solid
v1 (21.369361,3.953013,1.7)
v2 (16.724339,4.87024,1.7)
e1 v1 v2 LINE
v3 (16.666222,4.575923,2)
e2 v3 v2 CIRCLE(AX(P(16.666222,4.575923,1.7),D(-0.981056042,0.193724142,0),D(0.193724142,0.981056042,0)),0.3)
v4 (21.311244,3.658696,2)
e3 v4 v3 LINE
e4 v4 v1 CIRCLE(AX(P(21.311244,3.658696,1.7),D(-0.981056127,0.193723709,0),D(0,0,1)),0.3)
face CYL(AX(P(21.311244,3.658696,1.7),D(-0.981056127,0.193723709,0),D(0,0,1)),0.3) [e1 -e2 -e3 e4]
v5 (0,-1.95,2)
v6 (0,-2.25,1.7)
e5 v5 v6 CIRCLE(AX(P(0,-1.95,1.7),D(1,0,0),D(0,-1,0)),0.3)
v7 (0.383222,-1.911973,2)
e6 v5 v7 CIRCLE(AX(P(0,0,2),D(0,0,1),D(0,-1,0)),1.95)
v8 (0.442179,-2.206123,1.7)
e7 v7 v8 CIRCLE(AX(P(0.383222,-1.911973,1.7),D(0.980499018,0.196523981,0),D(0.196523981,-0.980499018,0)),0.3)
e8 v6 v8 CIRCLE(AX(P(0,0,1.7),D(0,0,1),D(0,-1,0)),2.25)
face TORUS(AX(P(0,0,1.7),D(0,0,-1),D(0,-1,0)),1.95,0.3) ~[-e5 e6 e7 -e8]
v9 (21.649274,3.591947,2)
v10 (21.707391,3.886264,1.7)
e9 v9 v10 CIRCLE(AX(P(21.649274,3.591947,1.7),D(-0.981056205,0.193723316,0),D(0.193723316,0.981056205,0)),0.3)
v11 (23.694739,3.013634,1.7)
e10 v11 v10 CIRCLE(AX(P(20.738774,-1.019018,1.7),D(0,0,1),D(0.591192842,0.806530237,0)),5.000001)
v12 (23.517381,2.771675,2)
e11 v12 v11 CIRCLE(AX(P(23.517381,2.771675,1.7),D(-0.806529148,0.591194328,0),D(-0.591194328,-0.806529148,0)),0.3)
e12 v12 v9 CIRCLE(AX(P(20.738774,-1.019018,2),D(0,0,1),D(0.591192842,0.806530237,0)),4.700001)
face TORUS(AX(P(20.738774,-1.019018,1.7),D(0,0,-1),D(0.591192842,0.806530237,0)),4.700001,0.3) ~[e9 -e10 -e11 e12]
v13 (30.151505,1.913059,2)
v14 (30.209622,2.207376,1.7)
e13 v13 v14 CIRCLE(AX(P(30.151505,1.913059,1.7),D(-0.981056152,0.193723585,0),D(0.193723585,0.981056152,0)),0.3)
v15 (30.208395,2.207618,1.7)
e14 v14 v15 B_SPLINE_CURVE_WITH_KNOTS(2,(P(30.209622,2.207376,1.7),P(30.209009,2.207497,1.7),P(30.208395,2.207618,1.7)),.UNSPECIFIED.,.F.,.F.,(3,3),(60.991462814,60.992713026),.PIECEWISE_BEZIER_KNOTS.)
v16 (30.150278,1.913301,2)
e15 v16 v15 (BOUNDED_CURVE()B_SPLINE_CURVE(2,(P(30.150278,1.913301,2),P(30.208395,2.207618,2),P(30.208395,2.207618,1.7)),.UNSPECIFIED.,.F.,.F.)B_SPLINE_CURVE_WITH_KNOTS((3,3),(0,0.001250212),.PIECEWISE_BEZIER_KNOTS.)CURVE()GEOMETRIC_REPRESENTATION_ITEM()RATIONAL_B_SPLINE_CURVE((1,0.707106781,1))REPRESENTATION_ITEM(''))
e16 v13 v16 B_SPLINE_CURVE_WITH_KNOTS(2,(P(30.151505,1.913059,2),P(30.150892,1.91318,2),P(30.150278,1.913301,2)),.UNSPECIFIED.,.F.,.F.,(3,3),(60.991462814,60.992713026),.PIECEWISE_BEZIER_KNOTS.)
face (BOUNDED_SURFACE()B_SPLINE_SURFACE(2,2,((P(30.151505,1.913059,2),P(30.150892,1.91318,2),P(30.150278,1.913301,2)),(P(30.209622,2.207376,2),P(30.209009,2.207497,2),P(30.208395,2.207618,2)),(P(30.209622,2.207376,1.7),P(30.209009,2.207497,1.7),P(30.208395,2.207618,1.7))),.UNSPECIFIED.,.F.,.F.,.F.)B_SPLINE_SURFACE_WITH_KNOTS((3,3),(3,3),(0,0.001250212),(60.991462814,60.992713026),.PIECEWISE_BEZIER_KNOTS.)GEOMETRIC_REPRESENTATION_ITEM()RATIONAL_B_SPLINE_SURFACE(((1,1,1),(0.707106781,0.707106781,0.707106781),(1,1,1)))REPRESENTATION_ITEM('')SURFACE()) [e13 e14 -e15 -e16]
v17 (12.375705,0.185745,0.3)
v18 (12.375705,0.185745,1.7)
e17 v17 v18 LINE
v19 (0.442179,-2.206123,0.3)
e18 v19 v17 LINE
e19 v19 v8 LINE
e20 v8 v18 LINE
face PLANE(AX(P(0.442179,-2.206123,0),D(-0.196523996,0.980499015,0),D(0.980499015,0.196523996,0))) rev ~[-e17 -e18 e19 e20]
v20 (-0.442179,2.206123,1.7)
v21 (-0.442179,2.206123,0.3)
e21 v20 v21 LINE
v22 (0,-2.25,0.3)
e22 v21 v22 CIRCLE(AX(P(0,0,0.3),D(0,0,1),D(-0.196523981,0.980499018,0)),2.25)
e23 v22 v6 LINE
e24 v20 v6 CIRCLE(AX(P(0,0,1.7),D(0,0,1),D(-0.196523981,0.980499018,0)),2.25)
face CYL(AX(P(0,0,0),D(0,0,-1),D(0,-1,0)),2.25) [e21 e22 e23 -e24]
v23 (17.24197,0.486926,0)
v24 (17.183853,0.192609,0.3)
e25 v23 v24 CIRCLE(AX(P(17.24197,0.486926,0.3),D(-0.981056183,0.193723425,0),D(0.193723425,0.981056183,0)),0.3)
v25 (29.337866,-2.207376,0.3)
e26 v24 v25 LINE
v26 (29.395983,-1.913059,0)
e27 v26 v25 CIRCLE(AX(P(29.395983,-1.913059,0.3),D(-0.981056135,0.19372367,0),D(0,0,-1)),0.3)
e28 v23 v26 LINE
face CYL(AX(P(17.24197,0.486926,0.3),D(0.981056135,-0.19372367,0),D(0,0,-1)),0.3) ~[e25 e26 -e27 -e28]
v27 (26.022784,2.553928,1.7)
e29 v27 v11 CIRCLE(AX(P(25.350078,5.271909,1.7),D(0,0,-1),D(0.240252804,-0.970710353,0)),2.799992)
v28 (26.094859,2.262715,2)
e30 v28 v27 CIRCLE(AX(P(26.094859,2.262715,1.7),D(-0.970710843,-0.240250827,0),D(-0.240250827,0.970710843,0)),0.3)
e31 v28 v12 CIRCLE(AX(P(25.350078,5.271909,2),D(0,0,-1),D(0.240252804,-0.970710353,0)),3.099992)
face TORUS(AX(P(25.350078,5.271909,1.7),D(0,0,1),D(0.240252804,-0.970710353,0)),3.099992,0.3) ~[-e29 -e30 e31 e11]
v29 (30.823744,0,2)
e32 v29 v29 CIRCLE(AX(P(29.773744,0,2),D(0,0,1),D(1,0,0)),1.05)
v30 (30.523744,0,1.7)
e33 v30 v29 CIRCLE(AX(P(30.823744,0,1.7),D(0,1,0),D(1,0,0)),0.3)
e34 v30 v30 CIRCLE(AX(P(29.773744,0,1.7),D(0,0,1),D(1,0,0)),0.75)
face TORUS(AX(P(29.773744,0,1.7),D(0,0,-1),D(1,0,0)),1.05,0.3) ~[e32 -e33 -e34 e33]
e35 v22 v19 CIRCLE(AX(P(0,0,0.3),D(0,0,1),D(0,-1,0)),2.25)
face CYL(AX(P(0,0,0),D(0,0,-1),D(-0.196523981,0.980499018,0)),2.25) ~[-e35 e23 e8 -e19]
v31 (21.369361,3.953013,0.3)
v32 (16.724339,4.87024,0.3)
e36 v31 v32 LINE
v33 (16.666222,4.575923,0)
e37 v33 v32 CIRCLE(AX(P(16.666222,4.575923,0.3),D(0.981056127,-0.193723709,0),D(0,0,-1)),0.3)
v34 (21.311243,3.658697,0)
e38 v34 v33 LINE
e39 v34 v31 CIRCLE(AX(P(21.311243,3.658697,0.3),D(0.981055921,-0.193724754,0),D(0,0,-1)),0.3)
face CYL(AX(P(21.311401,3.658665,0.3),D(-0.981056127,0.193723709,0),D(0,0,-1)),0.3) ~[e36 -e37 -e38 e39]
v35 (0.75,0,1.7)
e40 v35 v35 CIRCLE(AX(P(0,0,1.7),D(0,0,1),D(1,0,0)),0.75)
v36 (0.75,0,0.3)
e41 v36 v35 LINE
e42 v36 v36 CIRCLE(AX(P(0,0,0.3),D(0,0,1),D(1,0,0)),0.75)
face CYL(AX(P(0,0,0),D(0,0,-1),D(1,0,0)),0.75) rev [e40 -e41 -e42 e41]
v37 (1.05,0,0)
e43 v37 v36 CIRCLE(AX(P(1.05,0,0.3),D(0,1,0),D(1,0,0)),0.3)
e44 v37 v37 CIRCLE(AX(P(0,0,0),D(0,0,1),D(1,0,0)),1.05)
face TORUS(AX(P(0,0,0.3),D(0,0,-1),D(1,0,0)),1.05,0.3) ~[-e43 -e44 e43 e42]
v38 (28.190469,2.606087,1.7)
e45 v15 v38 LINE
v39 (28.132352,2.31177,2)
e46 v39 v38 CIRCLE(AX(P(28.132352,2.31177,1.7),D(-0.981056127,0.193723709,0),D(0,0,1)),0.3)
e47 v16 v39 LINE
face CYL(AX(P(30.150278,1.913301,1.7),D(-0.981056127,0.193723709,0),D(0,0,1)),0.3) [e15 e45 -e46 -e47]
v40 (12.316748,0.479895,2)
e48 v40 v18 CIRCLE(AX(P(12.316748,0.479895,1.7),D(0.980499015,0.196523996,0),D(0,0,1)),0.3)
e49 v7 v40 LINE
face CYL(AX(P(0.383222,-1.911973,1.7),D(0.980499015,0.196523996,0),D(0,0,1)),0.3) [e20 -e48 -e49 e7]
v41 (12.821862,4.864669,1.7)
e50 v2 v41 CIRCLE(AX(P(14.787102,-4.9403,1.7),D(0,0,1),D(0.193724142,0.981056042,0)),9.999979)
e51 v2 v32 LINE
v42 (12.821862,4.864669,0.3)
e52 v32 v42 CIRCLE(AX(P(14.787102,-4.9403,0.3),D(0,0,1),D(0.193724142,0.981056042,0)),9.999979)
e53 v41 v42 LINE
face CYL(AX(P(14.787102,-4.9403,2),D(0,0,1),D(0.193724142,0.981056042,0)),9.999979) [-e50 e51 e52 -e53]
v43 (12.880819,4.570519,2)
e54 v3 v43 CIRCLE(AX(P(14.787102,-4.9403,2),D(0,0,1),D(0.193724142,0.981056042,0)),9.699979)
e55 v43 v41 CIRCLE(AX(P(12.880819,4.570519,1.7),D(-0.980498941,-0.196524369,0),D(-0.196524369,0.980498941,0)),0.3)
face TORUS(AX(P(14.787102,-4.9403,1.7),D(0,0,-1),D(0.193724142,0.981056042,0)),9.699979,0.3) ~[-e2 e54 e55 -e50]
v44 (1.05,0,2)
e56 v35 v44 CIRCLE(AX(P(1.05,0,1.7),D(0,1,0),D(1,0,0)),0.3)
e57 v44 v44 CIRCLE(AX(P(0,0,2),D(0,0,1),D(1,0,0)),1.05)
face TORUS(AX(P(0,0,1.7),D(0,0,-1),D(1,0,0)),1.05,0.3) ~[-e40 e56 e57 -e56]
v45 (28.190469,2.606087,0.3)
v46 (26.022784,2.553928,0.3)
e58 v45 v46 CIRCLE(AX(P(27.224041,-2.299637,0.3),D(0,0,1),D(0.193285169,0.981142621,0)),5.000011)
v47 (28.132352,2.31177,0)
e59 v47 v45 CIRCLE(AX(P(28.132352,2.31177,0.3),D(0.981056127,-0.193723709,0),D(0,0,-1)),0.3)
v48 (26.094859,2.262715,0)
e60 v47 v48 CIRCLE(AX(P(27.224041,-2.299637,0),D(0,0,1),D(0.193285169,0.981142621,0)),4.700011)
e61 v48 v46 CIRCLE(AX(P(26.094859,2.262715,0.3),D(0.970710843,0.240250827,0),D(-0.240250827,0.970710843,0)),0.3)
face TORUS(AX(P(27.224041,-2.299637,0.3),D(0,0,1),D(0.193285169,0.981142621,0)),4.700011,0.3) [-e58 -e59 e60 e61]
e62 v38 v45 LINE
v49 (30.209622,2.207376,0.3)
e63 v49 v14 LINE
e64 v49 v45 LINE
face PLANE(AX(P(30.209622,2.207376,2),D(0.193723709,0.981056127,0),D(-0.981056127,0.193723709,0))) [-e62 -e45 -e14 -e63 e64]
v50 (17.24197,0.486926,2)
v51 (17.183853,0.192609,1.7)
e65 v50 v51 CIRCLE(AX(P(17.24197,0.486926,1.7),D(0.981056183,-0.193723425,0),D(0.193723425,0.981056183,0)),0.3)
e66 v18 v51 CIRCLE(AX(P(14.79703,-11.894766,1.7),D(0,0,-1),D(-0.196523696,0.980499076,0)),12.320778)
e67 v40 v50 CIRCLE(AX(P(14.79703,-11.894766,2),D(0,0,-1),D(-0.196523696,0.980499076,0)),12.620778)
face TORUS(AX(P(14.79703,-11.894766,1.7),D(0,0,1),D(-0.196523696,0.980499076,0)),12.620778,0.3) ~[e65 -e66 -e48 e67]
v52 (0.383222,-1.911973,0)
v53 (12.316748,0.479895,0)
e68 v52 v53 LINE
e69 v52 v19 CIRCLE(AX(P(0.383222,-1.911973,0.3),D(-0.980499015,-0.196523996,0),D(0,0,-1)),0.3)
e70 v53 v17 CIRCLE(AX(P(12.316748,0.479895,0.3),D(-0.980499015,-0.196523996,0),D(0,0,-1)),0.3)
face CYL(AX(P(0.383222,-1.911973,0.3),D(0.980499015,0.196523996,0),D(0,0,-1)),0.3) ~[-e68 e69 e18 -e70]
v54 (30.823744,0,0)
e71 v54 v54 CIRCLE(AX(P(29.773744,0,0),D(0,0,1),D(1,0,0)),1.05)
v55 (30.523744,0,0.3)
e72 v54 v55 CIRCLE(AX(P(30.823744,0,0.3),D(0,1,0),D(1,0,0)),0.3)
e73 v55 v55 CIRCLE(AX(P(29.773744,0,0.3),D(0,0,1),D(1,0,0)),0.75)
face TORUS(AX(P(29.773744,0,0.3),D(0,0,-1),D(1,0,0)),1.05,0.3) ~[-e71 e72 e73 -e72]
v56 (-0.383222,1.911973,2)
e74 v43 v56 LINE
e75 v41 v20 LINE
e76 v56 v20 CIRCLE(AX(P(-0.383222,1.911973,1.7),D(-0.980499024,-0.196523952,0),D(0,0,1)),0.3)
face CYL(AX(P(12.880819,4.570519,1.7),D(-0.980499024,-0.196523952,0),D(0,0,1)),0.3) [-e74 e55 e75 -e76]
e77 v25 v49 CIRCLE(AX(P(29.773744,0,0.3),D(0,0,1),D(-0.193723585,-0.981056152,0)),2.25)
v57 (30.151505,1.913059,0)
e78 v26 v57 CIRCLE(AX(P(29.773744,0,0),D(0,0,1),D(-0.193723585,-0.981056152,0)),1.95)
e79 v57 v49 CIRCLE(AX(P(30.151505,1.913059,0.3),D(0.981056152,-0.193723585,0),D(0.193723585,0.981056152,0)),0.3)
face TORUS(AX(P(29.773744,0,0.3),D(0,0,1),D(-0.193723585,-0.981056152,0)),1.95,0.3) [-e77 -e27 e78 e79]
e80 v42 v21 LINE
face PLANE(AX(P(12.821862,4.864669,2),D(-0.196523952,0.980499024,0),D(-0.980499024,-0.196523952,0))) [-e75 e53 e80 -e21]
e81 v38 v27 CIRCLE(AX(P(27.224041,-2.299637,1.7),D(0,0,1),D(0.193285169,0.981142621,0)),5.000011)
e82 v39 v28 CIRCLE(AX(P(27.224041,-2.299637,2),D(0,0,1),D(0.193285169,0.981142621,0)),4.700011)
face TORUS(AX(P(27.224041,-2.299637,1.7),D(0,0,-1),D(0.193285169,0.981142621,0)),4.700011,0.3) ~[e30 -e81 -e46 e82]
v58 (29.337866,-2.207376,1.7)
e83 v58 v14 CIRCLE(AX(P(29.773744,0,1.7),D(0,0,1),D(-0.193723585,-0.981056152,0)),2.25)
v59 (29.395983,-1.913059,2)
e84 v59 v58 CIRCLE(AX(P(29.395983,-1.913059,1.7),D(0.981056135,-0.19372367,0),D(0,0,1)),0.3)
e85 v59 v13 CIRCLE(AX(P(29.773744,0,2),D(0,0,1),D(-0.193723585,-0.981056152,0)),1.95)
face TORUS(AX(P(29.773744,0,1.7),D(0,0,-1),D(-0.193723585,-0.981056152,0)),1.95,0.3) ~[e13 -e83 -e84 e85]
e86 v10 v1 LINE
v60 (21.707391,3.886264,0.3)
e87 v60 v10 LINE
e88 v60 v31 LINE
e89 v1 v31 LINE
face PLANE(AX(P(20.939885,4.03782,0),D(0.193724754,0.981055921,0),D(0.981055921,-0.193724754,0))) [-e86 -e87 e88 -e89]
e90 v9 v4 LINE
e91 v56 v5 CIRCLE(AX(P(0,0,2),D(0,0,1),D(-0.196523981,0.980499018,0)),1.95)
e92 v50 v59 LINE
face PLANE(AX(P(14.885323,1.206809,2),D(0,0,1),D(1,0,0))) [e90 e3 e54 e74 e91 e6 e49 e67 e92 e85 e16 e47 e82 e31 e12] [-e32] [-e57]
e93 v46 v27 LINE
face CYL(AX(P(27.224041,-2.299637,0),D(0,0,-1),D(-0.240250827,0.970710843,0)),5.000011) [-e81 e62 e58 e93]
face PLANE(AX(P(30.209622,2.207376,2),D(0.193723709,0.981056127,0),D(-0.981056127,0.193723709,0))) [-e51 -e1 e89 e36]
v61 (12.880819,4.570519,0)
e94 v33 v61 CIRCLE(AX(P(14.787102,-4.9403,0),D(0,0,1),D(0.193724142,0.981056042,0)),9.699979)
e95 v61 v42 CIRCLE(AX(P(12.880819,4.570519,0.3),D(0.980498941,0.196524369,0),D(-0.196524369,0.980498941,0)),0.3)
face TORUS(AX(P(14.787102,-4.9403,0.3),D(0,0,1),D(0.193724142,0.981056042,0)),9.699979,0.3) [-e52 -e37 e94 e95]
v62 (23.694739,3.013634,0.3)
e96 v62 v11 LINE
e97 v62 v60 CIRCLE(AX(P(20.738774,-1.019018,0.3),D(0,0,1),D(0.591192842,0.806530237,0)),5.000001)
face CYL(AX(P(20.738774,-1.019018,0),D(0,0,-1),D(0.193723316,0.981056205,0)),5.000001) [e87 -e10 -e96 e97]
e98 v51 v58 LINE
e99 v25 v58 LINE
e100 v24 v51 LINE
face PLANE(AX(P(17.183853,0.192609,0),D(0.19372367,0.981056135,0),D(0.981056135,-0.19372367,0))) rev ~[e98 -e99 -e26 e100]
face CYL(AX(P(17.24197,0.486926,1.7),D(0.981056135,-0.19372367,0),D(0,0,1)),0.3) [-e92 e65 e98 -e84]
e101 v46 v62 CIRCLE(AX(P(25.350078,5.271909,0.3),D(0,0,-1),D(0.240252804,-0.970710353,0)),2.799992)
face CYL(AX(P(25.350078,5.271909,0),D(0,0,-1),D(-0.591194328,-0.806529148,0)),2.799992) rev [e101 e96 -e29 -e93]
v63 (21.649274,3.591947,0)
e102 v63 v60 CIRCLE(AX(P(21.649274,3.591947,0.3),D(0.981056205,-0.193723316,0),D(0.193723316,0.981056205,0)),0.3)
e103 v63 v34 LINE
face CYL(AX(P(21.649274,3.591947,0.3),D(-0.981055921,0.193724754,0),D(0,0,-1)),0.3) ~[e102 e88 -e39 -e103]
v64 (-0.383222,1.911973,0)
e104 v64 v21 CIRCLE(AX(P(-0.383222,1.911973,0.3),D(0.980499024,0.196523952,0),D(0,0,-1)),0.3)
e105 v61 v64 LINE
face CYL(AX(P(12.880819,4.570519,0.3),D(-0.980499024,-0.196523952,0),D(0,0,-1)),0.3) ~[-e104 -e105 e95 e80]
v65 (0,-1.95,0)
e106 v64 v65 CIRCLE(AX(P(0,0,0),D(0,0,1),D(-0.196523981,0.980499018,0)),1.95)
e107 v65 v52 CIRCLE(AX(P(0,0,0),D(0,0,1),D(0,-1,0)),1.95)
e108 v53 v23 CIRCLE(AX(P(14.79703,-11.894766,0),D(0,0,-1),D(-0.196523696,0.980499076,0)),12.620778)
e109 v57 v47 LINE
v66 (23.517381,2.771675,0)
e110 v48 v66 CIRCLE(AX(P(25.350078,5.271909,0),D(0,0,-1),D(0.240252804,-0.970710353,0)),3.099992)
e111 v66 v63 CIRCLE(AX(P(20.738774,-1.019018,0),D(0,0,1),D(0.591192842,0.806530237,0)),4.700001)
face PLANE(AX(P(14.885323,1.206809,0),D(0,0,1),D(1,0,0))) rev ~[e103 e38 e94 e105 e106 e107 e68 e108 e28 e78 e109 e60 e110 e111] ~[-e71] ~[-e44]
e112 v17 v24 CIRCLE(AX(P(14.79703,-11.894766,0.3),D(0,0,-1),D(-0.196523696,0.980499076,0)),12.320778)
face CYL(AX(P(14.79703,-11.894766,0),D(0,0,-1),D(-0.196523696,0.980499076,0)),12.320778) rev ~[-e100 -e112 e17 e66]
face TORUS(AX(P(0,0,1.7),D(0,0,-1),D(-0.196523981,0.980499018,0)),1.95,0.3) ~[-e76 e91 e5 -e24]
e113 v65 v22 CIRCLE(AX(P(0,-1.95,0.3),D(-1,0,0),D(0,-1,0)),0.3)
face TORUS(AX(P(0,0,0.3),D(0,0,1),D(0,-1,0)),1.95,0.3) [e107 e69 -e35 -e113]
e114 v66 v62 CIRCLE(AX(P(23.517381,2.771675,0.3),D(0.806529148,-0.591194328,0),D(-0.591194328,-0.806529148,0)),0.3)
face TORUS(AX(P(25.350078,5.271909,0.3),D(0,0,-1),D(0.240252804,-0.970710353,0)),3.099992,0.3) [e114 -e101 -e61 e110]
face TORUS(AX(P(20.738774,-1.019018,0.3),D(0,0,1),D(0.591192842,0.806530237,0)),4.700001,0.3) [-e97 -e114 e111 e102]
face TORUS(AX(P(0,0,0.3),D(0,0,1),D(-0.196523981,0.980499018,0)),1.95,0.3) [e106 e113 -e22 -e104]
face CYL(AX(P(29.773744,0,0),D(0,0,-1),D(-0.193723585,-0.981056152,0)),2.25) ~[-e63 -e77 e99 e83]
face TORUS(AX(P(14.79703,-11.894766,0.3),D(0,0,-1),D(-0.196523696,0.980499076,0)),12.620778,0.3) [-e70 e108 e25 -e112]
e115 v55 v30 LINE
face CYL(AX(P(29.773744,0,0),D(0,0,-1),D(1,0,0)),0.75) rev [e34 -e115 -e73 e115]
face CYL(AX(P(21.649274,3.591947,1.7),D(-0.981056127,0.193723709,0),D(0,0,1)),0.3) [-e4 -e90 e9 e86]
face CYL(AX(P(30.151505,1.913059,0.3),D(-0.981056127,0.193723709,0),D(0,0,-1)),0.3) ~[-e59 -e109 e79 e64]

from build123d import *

# Parameters (mm, degrees)
SKETCH1_R               = 0.75
BOSS_EXTRUDE1_DEPTH     = 2
SKETCH3_OUTSIDE_W       = 43.2
SKETCH3_OUTSIDE_H       = 13.426
CUT_EXTRUDE4_DEPTH      = 3
SKETCH4_R               = 0.75
BOSS_EXTRUDE2_DEPTH     = 2
CUT_EXTRUDE6_DEPTH      = 3
CUT_EXTRUDE6_DEPTH_BACK = 1
FILLET1_R               = 0.3


with BuildPart() as part:
    # Sketch1 → Boss-Extrude1 (new body)
    with BuildSketch(Plane.XY):
        with BuildLine():
            Line((0, 2.25), (29.773744, 2.25))
            ThreePointArc((29.773744, 2.25), (32.023744, 0), (29.773744, -2.25))
            Line((29.773744, -2.25), (0, -2.25))
            ThreePointArc((0, -2.25), (-2.25, 0), (0, 2.25))
        make_face()
        Circle(SKETCH1_R, mode=Mode.SUBTRACT)
        with Locations((29.773744, 0)):
            Circle(SKETCH1_R, mode=Mode.SUBTRACT)
    extrude(amount=BOSS_EXTRUDE1_DEPTH)

    # Sketch3 outside → Cut-Extrude4 (cut, through all)
    with BuildSketch(Plane.XY):
        with Locations((14.887, 0)):
            Rectangle(SKETCH3_OUTSIDE_W, SKETCH3_OUTSIDE_H)
        with BuildLine():
            Line((0.442179, -2.206123), (12.375705, 0.185745))
            ThreePointArc((12.375705, 0.185745), (14.779441, 0.425999), (17.183853, 0.192609))
            Line((17.183853, 0.192609), (29.337866, -2.207376))
            ThreePointArc((29.337866, -2.207376), (31.98112, -0.435878), (30.209622, 2.207376))
            Line((30.209622, 2.207376), (16.724339, 4.87024))
            ThreePointArc((16.724339, 4.87024), (14.772826, 5.059669), (12.821862, 4.864669))
            Line((12.821862, 4.864669), (-0.442179, 2.206123))
            ThreePointArc((-0.442179, 2.206123), (-2.206123, -0.442179), (0.442179, -2.206123))
        make_face(mode=Mode.SUBTRACT)
    extrude(amount=CUT_EXTRUDE4_DEPTH, mode=Mode.SUBTRACT)

    # Sketch4 → Boss-Extrude2 (add)
    with BuildSketch(Plane.XY.offset(2)):
        with BuildLine():
            Line((12.821862, 4.864669), (-0.442179, 2.206123))
            ThreePointArc((-0.442179, 2.206123), (-2.206123, -0.442179), (0.442179, -2.206123))
            Line((0.442179, -2.206123), (12.375705, 0.185745))
            ThreePointArc((12.375705, 0.185745), (14.779441, 0.425999), (17.183853, 0.192609))
            Line((17.183853, 0.192609), (29.337866, -2.207376))
            ThreePointArc((29.337866, -2.207376), (31.98112, -0.435878), (30.209622, 2.207376))
            Line((30.209622, 2.207376), (16.724339, 4.87024))
            ThreePointArc((16.724339, 4.87024), (14.772826, 5.059669), (12.821862, 4.864669))
        make_face()
        with Locations((29.773744, 0)):
            Circle(SKETCH4_R, mode=Mode.SUBTRACT)
        Circle(SKETCH4_R, mode=Mode.SUBTRACT)
    extrude(amount=-BOSS_EXTRUDE2_DEPTH)

    # Sketch6 → Cut-Extrude6 (cut, two sides)
    with BuildSketch(Plane.XY) as cut_extrude6_sk:
        with BuildLine():
            Line((28.192659, 2.605655), (29.051924, 2.43598))
            Line((29.051924, 2.43598), (30.900687, 7.274865))
            Line((30.900687, 7.274865), (20.274115, 7.715344))
            Line((20.274115, 7.715344), (20.939885, 4.03782))
            Line((20.939885, 4.03782), (21.707391, 3.886264))
            ThreePointArc((21.707391, 3.886264), (22.748987, 3.559088), (23.694739, 3.013634))
            ThreePointArc((23.694739, 3.013634), (24.807653, 2.52496), (26.022784, 2.553928))
            ThreePointArc((26.022784, 2.553928), (27.104881, 2.698954), (28.192659, 2.605655))
        make_face()
    extrude(amount=CUT_EXTRUDE6_DEPTH, mode=Mode.SUBTRACT)
    extrude(cut_extrude6_sk.sketch, amount=-CUT_EXTRUDE6_DEPTH_BACK, mode=Mode.SUBTRACT)

    # Fillet1
    fillet1_edges = [part.edges().sort_by_distance(p)[0] for p in [
        (29.023744, 0, 0),
        (-0.75, 0, 0),
        (6.408942, -1.010189, 0),
        (14.779441, 0.425999, 0),
        (23.260859, -1.007384, 0),
        (32.013063, -0.218979, 0),
        (14.772826, 5.059669, 2),
        (14.772826, 5.059669, 0),
        (6.189842, 3.535396, 2),
        (6.189842, 3.535396, 0),
        (-2.239004, -0.222175, 0),
        (29.023744, 0, 2),
        (-0.75, 0, 2),
        (32.013063, -0.218979, 2),
        (23.260859, -1.007384, 2),
        (14.779441, 0.425999, 2),
        (6.408942, -1.010189, 2),
        (-2.239004, -0.222175, 2),
        (18.832112, 4.45403, 2),
        (18.832112, 4.45403, 0),
        (29.630773, 2.321678, 0),
        (29.630773, 2.321678, 2),
        (22.748987, 3.559088, 0),
        (27.104881, 2.698954, 0),
        (24.807653, 2.52496, 0),
        (22.748987, 3.559088, 2),
        (24.807653, 2.52496, 2),
        (27.104881, 2.698954, 2),
    ]]
    fillet(fillet1_edges, radius=FILLET1_R)


solid = part.part
